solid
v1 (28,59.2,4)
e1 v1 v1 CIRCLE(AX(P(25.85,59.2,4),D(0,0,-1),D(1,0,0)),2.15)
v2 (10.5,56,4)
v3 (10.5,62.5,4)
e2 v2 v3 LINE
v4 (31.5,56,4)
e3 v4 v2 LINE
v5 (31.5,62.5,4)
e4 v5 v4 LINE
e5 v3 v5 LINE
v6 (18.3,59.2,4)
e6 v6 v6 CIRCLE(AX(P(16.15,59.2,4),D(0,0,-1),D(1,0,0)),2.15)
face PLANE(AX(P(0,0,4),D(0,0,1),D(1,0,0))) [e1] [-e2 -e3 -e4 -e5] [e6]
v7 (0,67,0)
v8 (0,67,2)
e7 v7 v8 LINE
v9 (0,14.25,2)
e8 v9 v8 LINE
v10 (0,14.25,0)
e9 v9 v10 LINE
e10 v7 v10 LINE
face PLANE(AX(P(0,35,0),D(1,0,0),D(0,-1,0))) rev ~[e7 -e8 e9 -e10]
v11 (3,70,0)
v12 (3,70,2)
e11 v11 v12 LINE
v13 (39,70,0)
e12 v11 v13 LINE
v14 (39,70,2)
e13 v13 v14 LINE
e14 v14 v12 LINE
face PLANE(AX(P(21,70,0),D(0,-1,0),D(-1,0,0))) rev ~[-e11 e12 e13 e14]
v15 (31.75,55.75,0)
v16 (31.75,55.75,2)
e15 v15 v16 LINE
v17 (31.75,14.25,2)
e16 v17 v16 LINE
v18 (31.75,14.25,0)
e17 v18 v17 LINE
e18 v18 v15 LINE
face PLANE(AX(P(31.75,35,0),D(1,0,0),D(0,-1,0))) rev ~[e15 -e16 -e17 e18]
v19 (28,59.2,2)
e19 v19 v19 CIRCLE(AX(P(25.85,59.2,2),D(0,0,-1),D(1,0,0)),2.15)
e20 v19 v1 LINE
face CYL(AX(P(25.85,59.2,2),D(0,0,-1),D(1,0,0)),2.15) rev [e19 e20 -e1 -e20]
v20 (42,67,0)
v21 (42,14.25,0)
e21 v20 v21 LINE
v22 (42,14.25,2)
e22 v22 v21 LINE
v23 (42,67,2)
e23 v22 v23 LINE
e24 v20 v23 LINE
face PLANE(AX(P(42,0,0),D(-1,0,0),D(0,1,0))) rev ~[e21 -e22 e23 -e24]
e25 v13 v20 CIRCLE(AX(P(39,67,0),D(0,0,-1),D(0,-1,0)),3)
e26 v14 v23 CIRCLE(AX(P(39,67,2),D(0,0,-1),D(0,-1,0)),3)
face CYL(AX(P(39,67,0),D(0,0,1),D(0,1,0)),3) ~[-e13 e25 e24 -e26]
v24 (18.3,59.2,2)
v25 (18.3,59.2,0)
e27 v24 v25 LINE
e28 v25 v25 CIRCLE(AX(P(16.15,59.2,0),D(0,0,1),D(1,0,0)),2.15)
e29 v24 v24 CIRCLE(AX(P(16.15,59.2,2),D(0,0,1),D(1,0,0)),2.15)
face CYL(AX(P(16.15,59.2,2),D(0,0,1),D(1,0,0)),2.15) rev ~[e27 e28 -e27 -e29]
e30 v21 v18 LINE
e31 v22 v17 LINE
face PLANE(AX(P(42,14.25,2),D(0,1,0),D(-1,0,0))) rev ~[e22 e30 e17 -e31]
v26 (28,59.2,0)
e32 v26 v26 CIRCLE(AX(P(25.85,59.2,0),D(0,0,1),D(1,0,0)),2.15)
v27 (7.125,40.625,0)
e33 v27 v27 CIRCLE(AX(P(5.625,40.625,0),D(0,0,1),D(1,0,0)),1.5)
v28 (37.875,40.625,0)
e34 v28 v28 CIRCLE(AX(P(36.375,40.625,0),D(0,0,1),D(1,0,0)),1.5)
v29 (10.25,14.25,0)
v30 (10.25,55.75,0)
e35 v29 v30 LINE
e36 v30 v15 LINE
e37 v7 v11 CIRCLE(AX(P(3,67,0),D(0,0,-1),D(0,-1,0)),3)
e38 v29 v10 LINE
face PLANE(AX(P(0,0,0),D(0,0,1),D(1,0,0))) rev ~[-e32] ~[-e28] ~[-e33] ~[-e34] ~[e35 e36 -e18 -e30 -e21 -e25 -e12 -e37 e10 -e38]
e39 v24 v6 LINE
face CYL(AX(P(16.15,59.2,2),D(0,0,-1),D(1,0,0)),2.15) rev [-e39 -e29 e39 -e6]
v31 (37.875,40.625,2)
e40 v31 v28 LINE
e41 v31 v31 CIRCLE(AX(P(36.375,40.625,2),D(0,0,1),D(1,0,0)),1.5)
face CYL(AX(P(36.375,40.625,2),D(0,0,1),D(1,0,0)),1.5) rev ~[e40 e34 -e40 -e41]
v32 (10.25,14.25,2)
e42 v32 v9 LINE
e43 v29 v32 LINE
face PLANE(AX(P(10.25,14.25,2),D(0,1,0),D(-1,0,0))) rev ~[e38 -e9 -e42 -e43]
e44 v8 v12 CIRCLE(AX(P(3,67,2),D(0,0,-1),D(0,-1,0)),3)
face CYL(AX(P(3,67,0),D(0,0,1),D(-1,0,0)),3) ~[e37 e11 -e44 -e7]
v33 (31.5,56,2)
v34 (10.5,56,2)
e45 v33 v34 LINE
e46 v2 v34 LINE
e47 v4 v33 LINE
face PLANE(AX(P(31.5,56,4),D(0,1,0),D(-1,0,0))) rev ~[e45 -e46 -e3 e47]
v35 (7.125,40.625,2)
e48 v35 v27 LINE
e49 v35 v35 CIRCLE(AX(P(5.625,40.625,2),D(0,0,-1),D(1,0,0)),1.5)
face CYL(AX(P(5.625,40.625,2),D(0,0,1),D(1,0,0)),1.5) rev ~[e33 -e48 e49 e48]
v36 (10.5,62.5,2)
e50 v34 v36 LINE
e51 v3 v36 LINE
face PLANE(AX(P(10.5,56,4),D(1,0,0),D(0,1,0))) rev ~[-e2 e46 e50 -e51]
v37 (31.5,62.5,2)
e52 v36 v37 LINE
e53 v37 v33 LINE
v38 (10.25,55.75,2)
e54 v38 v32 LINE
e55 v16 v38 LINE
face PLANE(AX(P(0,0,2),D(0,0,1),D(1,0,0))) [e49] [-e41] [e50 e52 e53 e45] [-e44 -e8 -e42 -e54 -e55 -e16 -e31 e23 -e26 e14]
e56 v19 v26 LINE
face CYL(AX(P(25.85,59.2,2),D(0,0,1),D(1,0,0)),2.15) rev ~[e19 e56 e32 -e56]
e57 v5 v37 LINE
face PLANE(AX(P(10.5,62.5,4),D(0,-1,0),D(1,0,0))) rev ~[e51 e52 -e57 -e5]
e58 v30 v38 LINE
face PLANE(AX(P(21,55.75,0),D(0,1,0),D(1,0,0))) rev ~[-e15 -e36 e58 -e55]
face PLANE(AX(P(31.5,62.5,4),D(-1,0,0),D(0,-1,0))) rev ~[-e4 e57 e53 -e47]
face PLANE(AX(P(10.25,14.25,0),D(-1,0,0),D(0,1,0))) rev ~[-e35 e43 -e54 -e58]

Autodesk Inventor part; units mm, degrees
ref_plane "YZ Plane" through (0, 0, 0) normal (1, 0, 0) x (0, 1, 0)
ref_plane "XZ Plane" through (0, 0, 0) normal (0, 1, 0) x (-1, 0, 0)
ref_plane "XY Plane" through (0, 0, 0) normal (0, 0, 1) x (1, 0, 0)
sketch "Sketch1" plane through (0, 0, 0) normal (0, 0, 1) x (1, 0, 0)
  line L0 (0, 0) -> (42, 0)
  line L1 (42, 0) -> (42, 70)
  line L2 (42, 70) -> (0, 70)
  line L3 (0, 70) -> (0, 0)
  line L4 (31.75, 14.25) -> (10.25, 14.25)
  line L5 (10.25, 14.25) -> (10.25, 55.75)
  line L6 (10.25, 55.75) -> (31.75, 55.75)
  line L7 (31.75, 55.75) -> (31.75, 14.25)
  line L8 (31.75, 14.25) -> (10.25, 55.75) construction
  line L9 (10.25, 14.25) -> (31.75, 55.75) construction
  line L10 (21, 70) -> (21, 0)
  line L11 (0, 35) -> (42, 35)
  point P0 (21, 35)
  point P1 (10.8, 7)
  point P2 (31.2, 7)
  point P3 (31.2, 0)
  point P4 (10.8, 0)
  point P5 (31.75, 35)
  point P6 (21, 35)
  point P7 (10.25, 35)
  point P8 (21, 14.25)
  point P9 (21, 55.75)
  dimension "d0" = 42
  dimension "d1" = 70
  dimension "d4" = 21.5
  dimension "d5" = 41.5
extrude "Extrusion1" add sketch "Sketch1" along normal blind 2
fillet "Fillet3" radius 3 2 edges at (42, 70, 1) (0, 70, 1)
extrude "Extrusion11" cut sketch "Sketch1" along normal blind 6 contours L10 L11 L7 L4 | L4 L5 L11 L10 | L5 L6 L10 L11 | L10 L6 L7 L11
sketch "Sketch14" plane through (0, 0, 2) normal (0, 0, 1) x (1, 0, 0)
  line L0 (31.75, 55.75) -> (10.25, 55.75) projected
  circle A0 centre (16.15, 59.2) radius 2.15
  circle A1 centre (25.85, 59.2) radius 2.15
  line L1 (16.15, 59.2) -> (25.85, 59.2)
  line L2 (10.8, 35) -> (31.2, 35)
  circle A2 centre (16.15, 10.8) radius 2.15
  circle A3 centre (25.85, 10.8) radius 2.15
  line L3 (16.15, 10.8) -> (25.85, 10.8)
  line L4 (0, 0) -> (42, 0) projected
  arc A4 (3, 70) -> (0, 67) centre (3, 67) ccw projected
  line L5 (0, 67) -> (0, 0) projected
  line L6 (42, 0) -> (42, 67) projected
  arc A5 (42, 67) -> (39, 70) centre (39, 67) ccw projected
  line L7 (39, 70) -> (3, 70) projected
  point P0 (21, 59.2)
  dimension "d54" = 4.3
  dimension "d55" = 4.3
  dimension "d56" = 9.7
extrude "Extrusion12" cut sketch "Sketch14" against normal blind 6 contours A0 | A1 | A2 | A3
sketch "Sketch17" plane through (0, 0, 2) normal (0, 0, 1) x (1, 0, 0)
  circle A0 centre (16.15, 10.8) radius 2.15 projected
  circle A1 centre (25.85, 59.2) radius 2.15 projected
  circle A2 centre (25.85, 10.8) radius 2.15 projected
  circle A3 centre (16.15, 59.2) radius 2.15 projected
  line L0 (10.25, 55.75) -> (31.75, 55.75) projected
  line L1 (31.75, 55.75) -> (31.75, 14.25) projected
  line L2 (31.75, 14.25) -> (10.25, 14.25) projected
  line L3 (10.25, 14.25) -> (10.25, 55.75) projected
  circle A4 centre (16.15, 59.2) radius 2.15 projected
  circle A5 centre (25.85, 59.2) radius 2.15 projected
  line L4 (16.15, 61.35) -> (25.85, 61.35)
  line L5 (25.85, 59.2) -> (25.85, 61.35)
  line L6 (14, 59.2) -> (14, 55.75)
  line L7 (28, 59.2) -> (28, 55.75)
  line L8 (10.25, 55.75) -> (10.25, 14.25) projected
  line L9 (10.25, 55.75) -> (10.25, 62.75)
  line L10 (10.25, 62.75) -> (31.75, 62.75)
  line L11 (31.75, 62.75) -> (31.75, 55.75)
  line L12 (0, 0) -> (42, 0) projected
  arc A6 (3, 70) -> (0, 67) centre (3, 67) ccw projected
  line L13 (0, 67) -> (0, 0) projected
  line L14 (42, 0) -> (42, 67) projected
  arc A7 (42, 67) -> (39, 70) centre (39, 67) ccw projected
  line L15 (39, 70) -> (3, 70) projected
  dimension "d67" = 7
extrude "Extrusion15" add sketch "Sketch17" along normal blind 2 contours L7 L0 L6 A3 L4 A1 | A1 L4 A3 L6 L0 L9 L10 L11 L7
sketch "Sketch18" plane through (0, 0, 2) normal (0, 0, 1) x (1, 0, 0)
  line L0 (10.25, 14.25) -> (10.25, 55.75) projected
  line L1 (10.25, 62.75) -> (31.75, 62.75) projected
  line L2 (31.75, 55.75) -> (31.75, 14.25) projected
  line L3 (31.75, 14.25) -> (10.25, 14.25) projected
  circle A0 centre (25.85, 10.8) radius 2.15 projected
  circle A1 centre (16.15, 10.8) radius 2.15 projected
  line L4 (10.25, 40.625) -> (5.625, 40.625)
  line L5 (5.625, 40.625) -> (5.625, 69)
  circle A2 centre (5.625, 40.625) radius 1.5
  line L6 (21, 80.706) -> (21, -3.1342)
  circle A3 centre (36.375, 40.625) radius 1.5
  line L7 (0, 0) -> (42, 0) projected
  arc A4 (3, 70) -> (0, 67) centre (3, 67) ccw projected
  line L8 (0, 67) -> (0, 0) projected
  line L9 (42, 0) -> (42, 67) projected
  arc A5 (42, 67) -> (39, 70) centre (39, 67) ccw projected
  line L10 (39, 70) -> (3, 70) projected
  line L11 (10.25, 55.75) -> (10.25, 62.75) projected
  line L12 (31.75, 62.75) -> (31.75, 55.75) projected
  dimension "d70" = 4.625
  dimension "d71" = 28.375
  dimension "d72" = 3
  dimension "d75" = 30.75
extrude "Extrusion16" cut sketch "Sketch18" against normal blind 10 contours A2 L5 L4 | L4 L5 A2 | A3
sketch "Sketch22" plane through (0, 0, 2) normal (0, 0, 1) x (1, 0, 0)
  point P0 (0, 0)
sketch "Sketch23" plane through (0, 0, 4) normal (0, 0, 1) x (1, 0, 0)
  line L0 (31.75, 55.75) -> (31.75, 62.75) projected
  line L1 (31.75, 62.75) -> (10.25, 62.75) projected
  line L2 (10.25, 62.75) -> (10.25, 55.75) projected
  line L3 (10.25, 55.75) -> (31.75, 55.75) projected
  circle A0 centre (25.85, 59.2) radius 2.15 projected
  circle A1 centre (16.15, 59.2) radius 2.15 projected
  line L4 (10.5, 56) -> (10.5, 62.5)
  line L5 (10.5, 62.5) -> (31.5, 62.5)
  line L6 (31.5, 62.5) -> (31.5, 56)
  line L7 (31.5, 56) -> (10.5, 56)
  point P0 (0, 0)
  dimension "d88" = 0.25
extrude "Extrusion20" cut sketch "Sketch23" against normal blind 2 contours L3 L2 L1 L0
sketch "Sketch24" plane through (0, 0, 2) normal (0, 0, 1) x (1, 0, 0)
  line L0 (10.5, 62.5) -> (10.5, 56) projected
  line L1 (31.5, 62.5) -> (10.5, 62.5) projected
  line L2 (31.5, 56) -> (31.5, 62.5) projected
  line L3 (10.5, 56) -> (31.5, 56) projected
  circle A0 centre (5.625, 40.625) radius 1.5 projected
  circle A1 centre (36.375, 40.625) radius 1.5 projected
  arc A2 (3, 70) -> (0, 67) centre (3, 67) ccw projected
  line L4 (0, 67) -> (0, 0) projected
  line L5 (0, 0) -> (42, 0) projected
  line L6 (42, 0) -> (42, 67) projected
  arc A3 (42, 67) -> (39, 70) centre (39, 67) ccw projected
  line L7 (39, 70) -> (3, 70) projected
  line L8 (31.75, 55.75) -> (10.25, 55.75) projected
  line L9 (31.75, 55.75) -> (31.75, 14.25) projected
  line L10 (31.75, 14.25) -> (10.25, 14.25) projected
  line L11 (10.25, 14.25) -> (10.25, 55.75) projected
  circle A4 centre (25.85, 10.8) radius 2.15 projected
  circle A5 centre (16.15, 10.8) radius 2.15 projected
  line L12 (42, 14.25) -> (0, 14.25)
  line L13 (0, 14.25) -> (0, 0)
  line L14 (0, 0) -> (42, 0)
  line L15 (42, 0) -> (42, 14.25)
  point P0 (31.75, 14.25)
extrude "Extrusion21" cut sketch "Sketch24" against normal blind 10 contours L12 L10 L6 L5 L4
properties part number "MG995_26_upgrade_3DPrint"
